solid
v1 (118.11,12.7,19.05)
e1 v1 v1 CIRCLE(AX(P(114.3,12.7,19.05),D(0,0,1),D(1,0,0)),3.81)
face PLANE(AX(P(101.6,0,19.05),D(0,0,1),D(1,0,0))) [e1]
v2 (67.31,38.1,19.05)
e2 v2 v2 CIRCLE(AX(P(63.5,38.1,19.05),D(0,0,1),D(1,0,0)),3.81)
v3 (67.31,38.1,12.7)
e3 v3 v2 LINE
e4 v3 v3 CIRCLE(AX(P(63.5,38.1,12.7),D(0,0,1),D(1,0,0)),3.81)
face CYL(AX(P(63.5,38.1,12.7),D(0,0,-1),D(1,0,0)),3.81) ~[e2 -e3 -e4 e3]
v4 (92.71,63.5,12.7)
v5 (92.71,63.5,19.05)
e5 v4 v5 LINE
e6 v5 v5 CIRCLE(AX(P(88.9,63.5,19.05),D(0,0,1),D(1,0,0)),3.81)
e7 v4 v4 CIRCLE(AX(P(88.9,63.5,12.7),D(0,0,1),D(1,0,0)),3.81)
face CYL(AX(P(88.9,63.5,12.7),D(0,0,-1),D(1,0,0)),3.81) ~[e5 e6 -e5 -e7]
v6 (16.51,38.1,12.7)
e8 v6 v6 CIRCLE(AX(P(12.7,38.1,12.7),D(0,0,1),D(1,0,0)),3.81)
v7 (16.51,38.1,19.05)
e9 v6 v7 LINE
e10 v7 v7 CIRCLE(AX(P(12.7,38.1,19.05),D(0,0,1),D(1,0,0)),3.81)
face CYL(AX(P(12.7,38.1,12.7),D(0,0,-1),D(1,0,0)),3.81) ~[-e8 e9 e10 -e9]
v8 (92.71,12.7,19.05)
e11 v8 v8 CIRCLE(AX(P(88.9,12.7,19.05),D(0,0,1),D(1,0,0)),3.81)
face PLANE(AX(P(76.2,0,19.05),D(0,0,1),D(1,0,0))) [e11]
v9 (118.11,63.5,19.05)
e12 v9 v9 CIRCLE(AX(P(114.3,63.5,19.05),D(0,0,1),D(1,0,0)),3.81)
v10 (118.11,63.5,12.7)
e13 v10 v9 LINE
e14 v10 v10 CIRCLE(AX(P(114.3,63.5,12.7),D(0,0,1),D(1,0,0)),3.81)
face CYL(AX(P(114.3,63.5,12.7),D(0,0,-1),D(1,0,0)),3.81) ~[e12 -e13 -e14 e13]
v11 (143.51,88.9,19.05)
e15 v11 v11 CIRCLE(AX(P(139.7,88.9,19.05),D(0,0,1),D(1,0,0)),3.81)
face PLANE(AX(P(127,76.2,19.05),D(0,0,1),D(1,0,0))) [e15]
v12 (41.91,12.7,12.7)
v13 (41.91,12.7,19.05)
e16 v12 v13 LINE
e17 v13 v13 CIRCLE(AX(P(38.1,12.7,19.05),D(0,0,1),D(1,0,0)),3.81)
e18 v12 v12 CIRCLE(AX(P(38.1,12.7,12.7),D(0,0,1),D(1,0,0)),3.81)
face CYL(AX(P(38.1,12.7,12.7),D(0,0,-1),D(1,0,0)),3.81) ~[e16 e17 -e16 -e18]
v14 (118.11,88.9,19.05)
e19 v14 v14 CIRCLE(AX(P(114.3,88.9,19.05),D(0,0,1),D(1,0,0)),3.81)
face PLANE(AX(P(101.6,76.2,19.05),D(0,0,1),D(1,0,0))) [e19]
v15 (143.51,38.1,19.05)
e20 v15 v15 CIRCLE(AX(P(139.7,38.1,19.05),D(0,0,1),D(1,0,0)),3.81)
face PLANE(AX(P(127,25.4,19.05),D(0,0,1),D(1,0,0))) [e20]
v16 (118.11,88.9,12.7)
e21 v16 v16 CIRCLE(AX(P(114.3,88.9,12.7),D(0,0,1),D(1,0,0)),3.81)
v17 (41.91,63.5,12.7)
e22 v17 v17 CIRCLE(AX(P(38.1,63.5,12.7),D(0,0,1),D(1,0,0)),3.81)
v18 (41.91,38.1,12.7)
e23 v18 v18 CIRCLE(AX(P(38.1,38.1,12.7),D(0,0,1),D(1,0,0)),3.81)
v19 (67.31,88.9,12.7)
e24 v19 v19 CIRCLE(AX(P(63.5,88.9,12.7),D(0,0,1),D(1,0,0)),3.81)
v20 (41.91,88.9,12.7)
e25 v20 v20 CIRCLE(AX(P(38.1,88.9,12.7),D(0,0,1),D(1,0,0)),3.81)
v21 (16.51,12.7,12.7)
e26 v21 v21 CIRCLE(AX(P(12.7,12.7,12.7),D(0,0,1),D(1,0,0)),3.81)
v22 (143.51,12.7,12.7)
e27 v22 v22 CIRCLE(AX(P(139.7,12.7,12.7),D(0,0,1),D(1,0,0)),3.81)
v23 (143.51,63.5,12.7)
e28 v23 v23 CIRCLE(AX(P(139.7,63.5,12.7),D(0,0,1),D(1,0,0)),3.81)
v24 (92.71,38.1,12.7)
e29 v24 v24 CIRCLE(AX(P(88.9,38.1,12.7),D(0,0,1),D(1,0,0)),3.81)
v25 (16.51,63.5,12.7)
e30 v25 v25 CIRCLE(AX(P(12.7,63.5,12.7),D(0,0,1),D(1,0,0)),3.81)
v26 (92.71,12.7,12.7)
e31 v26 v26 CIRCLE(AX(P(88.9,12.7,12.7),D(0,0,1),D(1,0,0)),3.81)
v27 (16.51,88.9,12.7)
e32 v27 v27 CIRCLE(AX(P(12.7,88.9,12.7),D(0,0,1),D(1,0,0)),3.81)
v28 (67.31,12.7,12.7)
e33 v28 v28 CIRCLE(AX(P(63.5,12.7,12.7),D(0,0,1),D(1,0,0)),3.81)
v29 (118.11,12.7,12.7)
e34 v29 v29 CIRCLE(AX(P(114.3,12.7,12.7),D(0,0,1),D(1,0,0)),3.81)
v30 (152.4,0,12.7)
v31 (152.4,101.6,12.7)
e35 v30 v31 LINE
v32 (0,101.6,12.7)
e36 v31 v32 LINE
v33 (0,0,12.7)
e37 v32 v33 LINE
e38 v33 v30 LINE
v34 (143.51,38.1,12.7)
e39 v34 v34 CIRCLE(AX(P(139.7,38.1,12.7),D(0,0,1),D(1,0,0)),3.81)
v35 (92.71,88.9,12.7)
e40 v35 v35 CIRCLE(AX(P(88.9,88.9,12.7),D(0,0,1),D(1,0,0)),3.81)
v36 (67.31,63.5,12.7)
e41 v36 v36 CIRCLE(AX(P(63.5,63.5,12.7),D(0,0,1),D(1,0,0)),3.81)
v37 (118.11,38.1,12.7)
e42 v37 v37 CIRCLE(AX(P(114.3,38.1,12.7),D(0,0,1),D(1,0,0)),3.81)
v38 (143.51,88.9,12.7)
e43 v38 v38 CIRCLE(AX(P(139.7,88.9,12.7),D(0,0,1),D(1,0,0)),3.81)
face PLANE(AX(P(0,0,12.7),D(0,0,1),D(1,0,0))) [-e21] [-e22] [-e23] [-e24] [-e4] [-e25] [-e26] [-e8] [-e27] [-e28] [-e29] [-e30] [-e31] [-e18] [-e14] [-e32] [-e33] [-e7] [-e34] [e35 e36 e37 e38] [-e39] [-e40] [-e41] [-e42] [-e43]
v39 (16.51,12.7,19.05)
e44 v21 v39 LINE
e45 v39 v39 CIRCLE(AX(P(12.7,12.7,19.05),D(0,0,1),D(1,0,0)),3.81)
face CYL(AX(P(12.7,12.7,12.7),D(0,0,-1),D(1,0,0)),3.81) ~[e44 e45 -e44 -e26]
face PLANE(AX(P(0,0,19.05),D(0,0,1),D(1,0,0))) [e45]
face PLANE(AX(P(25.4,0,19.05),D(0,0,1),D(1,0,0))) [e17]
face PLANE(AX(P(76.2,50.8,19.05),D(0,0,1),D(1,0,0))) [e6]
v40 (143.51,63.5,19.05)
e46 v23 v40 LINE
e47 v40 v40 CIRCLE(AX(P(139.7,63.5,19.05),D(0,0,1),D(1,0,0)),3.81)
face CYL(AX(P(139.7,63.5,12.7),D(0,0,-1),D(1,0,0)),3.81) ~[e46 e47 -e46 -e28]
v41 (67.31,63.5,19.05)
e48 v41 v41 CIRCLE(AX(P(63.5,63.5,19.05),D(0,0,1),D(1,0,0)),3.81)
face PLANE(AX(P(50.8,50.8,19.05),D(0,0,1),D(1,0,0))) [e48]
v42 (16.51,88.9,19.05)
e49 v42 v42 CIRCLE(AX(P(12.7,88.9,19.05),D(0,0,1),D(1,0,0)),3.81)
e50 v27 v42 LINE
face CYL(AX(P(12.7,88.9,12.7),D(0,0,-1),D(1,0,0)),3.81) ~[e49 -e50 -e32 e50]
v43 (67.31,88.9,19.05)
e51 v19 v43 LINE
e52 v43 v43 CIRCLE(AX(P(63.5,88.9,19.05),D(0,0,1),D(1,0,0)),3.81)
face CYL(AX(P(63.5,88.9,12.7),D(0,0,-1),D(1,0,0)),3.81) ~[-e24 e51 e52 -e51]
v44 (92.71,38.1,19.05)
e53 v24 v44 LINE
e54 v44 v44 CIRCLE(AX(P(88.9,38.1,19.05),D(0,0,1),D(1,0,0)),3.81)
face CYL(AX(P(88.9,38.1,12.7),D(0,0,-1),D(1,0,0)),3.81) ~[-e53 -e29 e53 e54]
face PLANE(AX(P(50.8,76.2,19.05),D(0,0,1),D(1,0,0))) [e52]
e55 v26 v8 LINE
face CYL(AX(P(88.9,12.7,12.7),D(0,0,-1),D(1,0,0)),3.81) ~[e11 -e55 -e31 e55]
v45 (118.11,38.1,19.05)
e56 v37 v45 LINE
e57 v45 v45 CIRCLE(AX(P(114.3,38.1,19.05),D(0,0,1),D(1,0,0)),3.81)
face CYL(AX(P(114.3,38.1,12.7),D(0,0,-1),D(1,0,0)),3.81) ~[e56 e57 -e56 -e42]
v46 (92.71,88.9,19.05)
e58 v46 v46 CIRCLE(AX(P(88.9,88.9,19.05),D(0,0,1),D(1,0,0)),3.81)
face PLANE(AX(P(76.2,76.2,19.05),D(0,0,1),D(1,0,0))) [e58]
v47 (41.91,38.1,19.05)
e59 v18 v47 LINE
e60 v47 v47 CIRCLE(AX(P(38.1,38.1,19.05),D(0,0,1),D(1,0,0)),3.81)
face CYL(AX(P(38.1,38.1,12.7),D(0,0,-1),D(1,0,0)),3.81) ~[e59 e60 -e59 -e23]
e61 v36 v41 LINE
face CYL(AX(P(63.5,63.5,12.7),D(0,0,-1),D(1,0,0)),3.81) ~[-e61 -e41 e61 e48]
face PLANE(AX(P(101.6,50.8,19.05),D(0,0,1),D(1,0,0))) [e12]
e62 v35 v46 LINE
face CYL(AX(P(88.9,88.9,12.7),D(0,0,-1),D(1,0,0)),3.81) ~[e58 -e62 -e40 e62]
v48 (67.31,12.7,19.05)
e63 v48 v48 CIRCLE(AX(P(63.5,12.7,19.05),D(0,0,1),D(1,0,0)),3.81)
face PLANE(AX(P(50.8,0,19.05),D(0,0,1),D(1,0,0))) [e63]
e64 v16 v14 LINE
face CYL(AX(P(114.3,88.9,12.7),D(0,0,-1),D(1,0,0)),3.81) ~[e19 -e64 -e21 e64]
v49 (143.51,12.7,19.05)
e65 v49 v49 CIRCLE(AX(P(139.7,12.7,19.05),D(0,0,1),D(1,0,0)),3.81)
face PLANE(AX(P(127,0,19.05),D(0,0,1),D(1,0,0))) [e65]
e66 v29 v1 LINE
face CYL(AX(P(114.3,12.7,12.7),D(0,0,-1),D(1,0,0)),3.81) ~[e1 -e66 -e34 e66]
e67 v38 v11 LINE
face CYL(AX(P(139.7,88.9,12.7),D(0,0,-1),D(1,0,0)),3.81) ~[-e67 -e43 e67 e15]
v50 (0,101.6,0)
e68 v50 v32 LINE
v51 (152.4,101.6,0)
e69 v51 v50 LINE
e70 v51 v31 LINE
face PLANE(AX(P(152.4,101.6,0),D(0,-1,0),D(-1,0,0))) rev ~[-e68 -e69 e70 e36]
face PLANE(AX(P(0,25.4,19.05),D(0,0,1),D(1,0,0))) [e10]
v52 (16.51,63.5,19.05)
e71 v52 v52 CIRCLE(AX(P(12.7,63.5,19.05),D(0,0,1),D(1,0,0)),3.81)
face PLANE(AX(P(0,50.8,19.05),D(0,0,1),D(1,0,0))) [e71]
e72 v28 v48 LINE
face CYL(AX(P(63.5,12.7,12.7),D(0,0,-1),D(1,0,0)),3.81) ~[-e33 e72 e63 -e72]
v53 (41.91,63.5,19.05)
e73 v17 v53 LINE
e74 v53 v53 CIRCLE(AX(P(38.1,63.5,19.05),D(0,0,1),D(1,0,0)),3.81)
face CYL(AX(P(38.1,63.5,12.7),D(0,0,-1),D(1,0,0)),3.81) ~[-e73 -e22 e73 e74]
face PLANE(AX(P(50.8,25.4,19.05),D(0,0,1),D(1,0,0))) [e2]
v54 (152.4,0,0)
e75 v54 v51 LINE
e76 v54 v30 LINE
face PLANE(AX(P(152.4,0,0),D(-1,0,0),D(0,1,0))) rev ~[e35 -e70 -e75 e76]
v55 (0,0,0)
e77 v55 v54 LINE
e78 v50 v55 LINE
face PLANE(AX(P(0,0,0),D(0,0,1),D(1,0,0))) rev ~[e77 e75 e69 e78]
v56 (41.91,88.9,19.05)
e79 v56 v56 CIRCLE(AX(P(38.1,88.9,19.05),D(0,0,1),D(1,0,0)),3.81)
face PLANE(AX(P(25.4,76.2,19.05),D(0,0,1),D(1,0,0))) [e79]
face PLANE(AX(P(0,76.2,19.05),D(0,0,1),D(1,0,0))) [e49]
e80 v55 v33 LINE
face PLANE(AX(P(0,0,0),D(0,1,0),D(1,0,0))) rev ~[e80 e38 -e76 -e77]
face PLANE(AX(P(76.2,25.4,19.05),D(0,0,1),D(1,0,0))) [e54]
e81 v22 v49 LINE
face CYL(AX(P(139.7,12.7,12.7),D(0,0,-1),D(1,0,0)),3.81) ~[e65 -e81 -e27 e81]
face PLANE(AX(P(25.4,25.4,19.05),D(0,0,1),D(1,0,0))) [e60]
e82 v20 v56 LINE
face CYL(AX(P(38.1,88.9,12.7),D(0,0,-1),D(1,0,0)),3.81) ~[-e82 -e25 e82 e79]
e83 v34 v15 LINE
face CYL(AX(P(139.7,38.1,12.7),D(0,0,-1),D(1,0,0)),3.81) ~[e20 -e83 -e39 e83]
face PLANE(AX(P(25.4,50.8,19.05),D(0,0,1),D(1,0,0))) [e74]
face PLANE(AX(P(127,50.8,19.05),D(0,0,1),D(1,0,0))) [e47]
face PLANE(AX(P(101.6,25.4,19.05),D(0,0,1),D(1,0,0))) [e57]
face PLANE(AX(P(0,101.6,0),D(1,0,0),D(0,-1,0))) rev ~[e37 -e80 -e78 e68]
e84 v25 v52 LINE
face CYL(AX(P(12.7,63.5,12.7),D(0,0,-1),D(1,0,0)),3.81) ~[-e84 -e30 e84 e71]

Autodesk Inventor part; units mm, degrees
ref_plane "YZ Plane" through (0, 0, 0) normal (1, 0, 0) x (0, 1, 0)
ref_plane "XZ Plane" through (0, 0, 0) normal (0, 1, 0) x (-1, 0, 0)
ref_plane "XY Plane" through (0, 0, 0) normal (0, 0, 1) x (1, 0, 0)
sketch "Sketch1" plane through (0, 0, 0) normal (0, 0, 1) x (1, 0, 0)
  line L0 (0, 0) -> (152.4, 0)
  line L1 (152.4, 0) -> (152.4, 101.6)
  line L2 (152.4, 101.6) -> (0, 101.6)
  line L3 (0, 101.6) -> (0, 0)
  dimension "d0" = 152.4
  dimension "d1" = 101.6
extrude "Extrusion1" add sketch "Sketch1" along normal blind 12.7
sketch "Sketch2" plane through (0, 0, 12.7) normal (0, 0, 1) x (1, 0, 0)
  circle A0 centre (12.7, 12.7) radius 3.81
  line L0 (0, 0) -> (152.4, 0) projected
  line L1 (0, 101.6) -> (0, 0) projected
  dimension "d4" = 7.62
  dimension "d5" = 12.7
  dimension "d6" = 12.7
extrude "Extrusion2" add sketch "Sketch2" along normal blind 6.35
pattern_linear "Rectangular Pattern1" count 6 spacing 25.4 along (1, 0, 0) count 4 spacing 25.4 along (0, 1, 0) of "Extrusion2"
properties part number "RectangularPattern"
